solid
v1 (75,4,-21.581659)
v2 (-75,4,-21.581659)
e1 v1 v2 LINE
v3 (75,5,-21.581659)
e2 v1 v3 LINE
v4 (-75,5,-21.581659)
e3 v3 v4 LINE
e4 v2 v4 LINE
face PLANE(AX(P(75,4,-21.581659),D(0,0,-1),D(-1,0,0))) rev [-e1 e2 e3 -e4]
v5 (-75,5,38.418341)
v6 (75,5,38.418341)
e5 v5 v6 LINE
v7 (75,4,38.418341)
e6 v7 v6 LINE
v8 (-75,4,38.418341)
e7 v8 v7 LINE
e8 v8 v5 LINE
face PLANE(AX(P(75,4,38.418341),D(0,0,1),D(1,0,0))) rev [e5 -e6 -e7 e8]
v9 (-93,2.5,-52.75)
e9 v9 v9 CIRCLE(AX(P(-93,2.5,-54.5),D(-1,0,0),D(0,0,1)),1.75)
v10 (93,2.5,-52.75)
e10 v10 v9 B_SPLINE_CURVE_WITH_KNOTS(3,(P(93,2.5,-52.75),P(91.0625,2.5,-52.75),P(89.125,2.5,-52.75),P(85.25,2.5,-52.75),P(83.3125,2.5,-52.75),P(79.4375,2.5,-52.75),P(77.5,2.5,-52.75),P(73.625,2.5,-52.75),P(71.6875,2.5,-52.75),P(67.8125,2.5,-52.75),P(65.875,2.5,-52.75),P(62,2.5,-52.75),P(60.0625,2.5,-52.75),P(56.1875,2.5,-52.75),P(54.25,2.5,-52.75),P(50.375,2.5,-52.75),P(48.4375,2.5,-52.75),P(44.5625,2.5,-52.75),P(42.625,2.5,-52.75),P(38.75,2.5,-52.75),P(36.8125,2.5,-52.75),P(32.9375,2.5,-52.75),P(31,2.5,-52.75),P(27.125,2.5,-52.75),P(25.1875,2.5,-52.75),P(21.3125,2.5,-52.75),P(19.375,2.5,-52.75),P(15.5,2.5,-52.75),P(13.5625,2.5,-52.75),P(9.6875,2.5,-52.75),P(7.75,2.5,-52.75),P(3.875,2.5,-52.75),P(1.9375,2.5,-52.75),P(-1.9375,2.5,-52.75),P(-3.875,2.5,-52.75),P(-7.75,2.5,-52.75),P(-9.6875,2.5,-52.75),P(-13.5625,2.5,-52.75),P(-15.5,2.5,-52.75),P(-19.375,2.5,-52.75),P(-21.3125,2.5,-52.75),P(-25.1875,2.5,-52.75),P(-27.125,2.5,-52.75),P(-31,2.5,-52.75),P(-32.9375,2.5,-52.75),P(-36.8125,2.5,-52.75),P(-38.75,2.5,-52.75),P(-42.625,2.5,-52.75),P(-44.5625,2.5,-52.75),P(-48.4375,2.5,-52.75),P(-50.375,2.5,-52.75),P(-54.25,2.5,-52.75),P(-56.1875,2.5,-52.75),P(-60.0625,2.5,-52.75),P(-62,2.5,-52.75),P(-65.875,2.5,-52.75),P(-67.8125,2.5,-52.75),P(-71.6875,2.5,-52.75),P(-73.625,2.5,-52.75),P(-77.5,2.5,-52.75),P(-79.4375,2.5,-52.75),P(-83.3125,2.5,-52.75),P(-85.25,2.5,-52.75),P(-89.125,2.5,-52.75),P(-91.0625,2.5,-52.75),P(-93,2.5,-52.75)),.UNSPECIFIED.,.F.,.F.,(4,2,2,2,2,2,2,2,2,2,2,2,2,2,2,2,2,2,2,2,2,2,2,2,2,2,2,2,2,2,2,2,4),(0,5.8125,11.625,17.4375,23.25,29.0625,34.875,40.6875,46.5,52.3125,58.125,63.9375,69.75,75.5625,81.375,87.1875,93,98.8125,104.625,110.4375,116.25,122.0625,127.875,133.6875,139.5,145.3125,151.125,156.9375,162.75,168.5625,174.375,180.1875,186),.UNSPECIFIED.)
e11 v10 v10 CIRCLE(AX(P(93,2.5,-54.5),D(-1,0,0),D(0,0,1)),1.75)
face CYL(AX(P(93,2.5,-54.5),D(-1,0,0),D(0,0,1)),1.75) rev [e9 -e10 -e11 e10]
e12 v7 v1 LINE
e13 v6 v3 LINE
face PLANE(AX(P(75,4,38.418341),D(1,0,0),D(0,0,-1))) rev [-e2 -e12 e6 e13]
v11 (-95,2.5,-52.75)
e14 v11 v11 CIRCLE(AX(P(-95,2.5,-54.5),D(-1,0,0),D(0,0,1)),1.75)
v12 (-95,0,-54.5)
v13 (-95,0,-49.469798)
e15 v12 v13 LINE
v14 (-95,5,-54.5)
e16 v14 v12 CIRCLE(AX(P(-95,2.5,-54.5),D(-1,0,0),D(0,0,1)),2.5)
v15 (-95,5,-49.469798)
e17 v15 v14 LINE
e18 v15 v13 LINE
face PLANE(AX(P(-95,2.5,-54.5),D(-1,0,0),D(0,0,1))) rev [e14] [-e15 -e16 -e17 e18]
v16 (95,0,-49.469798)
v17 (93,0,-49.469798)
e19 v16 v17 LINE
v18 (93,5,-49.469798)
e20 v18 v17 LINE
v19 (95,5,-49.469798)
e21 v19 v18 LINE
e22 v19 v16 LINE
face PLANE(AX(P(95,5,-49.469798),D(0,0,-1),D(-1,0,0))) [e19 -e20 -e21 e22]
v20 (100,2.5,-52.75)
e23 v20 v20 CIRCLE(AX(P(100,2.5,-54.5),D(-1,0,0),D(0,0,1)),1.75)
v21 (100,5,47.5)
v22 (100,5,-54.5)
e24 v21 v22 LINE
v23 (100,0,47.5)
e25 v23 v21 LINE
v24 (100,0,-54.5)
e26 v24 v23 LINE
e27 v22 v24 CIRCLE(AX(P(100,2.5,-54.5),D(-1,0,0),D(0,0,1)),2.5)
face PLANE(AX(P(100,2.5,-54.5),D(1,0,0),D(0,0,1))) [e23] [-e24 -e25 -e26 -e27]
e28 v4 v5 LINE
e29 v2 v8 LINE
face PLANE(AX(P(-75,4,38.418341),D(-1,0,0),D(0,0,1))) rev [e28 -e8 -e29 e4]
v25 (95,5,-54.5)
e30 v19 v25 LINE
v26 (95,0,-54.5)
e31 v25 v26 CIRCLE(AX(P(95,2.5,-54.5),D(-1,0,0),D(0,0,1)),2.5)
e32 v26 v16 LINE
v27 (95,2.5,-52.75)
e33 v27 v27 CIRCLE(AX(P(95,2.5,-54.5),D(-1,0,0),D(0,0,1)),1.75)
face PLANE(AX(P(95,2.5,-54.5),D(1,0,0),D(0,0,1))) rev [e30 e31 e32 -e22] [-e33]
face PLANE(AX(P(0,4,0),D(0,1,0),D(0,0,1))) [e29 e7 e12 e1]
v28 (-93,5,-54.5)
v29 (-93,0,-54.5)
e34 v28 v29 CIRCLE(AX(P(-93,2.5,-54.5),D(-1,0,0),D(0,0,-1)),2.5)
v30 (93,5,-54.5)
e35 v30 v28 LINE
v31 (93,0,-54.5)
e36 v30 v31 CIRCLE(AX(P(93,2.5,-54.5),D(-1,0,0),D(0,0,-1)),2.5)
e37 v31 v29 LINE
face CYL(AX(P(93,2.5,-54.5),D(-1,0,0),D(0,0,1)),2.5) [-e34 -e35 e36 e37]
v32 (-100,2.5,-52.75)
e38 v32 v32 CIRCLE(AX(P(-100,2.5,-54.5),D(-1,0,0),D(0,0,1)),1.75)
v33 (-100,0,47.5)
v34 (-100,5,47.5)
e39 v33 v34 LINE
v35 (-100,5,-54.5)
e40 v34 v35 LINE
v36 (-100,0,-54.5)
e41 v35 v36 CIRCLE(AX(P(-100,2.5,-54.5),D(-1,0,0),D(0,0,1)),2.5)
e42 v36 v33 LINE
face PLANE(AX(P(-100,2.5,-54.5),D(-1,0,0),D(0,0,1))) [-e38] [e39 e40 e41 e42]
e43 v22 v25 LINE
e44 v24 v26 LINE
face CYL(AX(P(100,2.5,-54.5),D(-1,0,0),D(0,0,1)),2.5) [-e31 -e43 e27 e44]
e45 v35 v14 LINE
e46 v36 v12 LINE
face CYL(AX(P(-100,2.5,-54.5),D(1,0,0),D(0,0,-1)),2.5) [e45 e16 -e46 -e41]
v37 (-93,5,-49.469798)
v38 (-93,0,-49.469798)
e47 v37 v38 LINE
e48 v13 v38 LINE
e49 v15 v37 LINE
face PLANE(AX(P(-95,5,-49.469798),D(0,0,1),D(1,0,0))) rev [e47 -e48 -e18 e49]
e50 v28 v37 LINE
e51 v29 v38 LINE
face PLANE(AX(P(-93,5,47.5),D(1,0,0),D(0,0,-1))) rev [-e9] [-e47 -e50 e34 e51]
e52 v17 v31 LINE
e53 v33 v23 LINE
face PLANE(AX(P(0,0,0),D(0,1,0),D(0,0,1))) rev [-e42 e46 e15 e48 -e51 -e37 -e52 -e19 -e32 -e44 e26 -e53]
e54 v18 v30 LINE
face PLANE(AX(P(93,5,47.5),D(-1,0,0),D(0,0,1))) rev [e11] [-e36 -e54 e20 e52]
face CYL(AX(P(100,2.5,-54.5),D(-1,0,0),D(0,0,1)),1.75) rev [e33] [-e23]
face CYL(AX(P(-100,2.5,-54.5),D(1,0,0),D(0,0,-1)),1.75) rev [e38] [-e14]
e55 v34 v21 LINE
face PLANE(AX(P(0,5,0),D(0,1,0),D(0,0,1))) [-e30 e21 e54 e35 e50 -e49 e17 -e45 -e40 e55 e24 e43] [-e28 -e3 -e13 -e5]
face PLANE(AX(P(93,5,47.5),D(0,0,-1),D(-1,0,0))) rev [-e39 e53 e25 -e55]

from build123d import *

# Parameters (mm, degrees)
SKETCH1_W           = 186
SKETCH1_H           = 95
BOSS_EXTRUDE1_DEPTH = 5
SKETCH2_W           = 150
SKETCH2_H           = 60
CUT_EXTRUDE1_DEPTH  = 1
SKETCH4_R           = 1.75
BOSS_EXTRUDE2_DEPTH = 186
SKETCH6_W           = 96.969797672
SKETCH6_H           = 5
BOSS_EXTRUDE3_DEPTH = 2
BOSS_EXTRUDE4_START = 5
SKETCH7_R           = 1.75
BOSS_EXTRUDE4_DEPTH = 5


with BuildPart() as part:
    # Sketch1 → Boss-Extrude1 (new body)
    with BuildSketch(Plane(origin=(0, 0, 0), x_dir=(1, 0, 0), z_dir=(0, 1, 0))):
        Rectangle(SKETCH1_W, SKETCH1_H)
    extrude(amount=BOSS_EXTRUDE1_DEPTH)

    # Sketch2 → Cut-Extrude1 (cut)
    with BuildSketch(Plane(origin=(0, 5, 0), x_dir=(1, 0, 0), z_dir=(0, 1, 0))):
        with Locations((0, -8.418340883)):
            Rectangle(SKETCH2_W, SKETCH2_H)
    extrude(amount=-CUT_EXTRUDE1_DEPTH, mode=Mode.SUBTRACT)

    # Sketch4 → Boss-Extrude2 (add, through all)
    with BuildSketch(Plane.ZY.offset(93)):
        with BuildLine():
            Line((-47.5, 0), (-47.5, 5))
            Line((-47.5, 5), (-54.5, 5))
            ThreePointArc((-54.5, 5), (-57, 2.5), (-54.5, 0))
            Line((-54.5, 0), (-47.5, 0))
        make_face()
        with Locations((-54.5, 2.5)):
            Circle(SKETCH4_R, mode=Mode.SUBTRACT)
    extrude(amount=-BOSS_EXTRUDE2_DEPTH)

    # Sketch6 → Boss-Extrude3 (add)
    with BuildSketch(Plane.ZY.offset(93)):
        with Locations((-0.984898836, 2.5)):
            Rectangle(SKETCH6_W, SKETCH6_H)
    boss_extrude3 = extrude(amount=BOSS_EXTRUDE3_DEPTH)

    # Mirror2: Boss-Extrude3 across plane
    add(boss_extrude3.mirror(Plane.ZY))

    # Sketch7 → Boss-Extrude4 (add)
    with BuildSketch(Plane.ZY.offset(95).offset(BOSS_EXTRUDE4_START)):
        with BuildLine():
            Line((-54.5, 5), (47.5, 5))
            Line((47.5, 5), (47.5, 0))
            Line((47.5, 0), (-54.5, 0))
            ThreePointArc((-54.5, 0), (-57, 2.5), (-54.5, 5))
        make_face()
        with Locations((-54.5, 2.5)):
            Circle(SKETCH7_R, mode=Mode.SUBTRACT)
    boss_extrude4 = extrude(amount=-BOSS_EXTRUDE4_DEPTH)

    # Mirror3: Boss-Extrude4 across plane
    add(boss_extrude4.mirror(Plane.ZY))


solid = part.part
